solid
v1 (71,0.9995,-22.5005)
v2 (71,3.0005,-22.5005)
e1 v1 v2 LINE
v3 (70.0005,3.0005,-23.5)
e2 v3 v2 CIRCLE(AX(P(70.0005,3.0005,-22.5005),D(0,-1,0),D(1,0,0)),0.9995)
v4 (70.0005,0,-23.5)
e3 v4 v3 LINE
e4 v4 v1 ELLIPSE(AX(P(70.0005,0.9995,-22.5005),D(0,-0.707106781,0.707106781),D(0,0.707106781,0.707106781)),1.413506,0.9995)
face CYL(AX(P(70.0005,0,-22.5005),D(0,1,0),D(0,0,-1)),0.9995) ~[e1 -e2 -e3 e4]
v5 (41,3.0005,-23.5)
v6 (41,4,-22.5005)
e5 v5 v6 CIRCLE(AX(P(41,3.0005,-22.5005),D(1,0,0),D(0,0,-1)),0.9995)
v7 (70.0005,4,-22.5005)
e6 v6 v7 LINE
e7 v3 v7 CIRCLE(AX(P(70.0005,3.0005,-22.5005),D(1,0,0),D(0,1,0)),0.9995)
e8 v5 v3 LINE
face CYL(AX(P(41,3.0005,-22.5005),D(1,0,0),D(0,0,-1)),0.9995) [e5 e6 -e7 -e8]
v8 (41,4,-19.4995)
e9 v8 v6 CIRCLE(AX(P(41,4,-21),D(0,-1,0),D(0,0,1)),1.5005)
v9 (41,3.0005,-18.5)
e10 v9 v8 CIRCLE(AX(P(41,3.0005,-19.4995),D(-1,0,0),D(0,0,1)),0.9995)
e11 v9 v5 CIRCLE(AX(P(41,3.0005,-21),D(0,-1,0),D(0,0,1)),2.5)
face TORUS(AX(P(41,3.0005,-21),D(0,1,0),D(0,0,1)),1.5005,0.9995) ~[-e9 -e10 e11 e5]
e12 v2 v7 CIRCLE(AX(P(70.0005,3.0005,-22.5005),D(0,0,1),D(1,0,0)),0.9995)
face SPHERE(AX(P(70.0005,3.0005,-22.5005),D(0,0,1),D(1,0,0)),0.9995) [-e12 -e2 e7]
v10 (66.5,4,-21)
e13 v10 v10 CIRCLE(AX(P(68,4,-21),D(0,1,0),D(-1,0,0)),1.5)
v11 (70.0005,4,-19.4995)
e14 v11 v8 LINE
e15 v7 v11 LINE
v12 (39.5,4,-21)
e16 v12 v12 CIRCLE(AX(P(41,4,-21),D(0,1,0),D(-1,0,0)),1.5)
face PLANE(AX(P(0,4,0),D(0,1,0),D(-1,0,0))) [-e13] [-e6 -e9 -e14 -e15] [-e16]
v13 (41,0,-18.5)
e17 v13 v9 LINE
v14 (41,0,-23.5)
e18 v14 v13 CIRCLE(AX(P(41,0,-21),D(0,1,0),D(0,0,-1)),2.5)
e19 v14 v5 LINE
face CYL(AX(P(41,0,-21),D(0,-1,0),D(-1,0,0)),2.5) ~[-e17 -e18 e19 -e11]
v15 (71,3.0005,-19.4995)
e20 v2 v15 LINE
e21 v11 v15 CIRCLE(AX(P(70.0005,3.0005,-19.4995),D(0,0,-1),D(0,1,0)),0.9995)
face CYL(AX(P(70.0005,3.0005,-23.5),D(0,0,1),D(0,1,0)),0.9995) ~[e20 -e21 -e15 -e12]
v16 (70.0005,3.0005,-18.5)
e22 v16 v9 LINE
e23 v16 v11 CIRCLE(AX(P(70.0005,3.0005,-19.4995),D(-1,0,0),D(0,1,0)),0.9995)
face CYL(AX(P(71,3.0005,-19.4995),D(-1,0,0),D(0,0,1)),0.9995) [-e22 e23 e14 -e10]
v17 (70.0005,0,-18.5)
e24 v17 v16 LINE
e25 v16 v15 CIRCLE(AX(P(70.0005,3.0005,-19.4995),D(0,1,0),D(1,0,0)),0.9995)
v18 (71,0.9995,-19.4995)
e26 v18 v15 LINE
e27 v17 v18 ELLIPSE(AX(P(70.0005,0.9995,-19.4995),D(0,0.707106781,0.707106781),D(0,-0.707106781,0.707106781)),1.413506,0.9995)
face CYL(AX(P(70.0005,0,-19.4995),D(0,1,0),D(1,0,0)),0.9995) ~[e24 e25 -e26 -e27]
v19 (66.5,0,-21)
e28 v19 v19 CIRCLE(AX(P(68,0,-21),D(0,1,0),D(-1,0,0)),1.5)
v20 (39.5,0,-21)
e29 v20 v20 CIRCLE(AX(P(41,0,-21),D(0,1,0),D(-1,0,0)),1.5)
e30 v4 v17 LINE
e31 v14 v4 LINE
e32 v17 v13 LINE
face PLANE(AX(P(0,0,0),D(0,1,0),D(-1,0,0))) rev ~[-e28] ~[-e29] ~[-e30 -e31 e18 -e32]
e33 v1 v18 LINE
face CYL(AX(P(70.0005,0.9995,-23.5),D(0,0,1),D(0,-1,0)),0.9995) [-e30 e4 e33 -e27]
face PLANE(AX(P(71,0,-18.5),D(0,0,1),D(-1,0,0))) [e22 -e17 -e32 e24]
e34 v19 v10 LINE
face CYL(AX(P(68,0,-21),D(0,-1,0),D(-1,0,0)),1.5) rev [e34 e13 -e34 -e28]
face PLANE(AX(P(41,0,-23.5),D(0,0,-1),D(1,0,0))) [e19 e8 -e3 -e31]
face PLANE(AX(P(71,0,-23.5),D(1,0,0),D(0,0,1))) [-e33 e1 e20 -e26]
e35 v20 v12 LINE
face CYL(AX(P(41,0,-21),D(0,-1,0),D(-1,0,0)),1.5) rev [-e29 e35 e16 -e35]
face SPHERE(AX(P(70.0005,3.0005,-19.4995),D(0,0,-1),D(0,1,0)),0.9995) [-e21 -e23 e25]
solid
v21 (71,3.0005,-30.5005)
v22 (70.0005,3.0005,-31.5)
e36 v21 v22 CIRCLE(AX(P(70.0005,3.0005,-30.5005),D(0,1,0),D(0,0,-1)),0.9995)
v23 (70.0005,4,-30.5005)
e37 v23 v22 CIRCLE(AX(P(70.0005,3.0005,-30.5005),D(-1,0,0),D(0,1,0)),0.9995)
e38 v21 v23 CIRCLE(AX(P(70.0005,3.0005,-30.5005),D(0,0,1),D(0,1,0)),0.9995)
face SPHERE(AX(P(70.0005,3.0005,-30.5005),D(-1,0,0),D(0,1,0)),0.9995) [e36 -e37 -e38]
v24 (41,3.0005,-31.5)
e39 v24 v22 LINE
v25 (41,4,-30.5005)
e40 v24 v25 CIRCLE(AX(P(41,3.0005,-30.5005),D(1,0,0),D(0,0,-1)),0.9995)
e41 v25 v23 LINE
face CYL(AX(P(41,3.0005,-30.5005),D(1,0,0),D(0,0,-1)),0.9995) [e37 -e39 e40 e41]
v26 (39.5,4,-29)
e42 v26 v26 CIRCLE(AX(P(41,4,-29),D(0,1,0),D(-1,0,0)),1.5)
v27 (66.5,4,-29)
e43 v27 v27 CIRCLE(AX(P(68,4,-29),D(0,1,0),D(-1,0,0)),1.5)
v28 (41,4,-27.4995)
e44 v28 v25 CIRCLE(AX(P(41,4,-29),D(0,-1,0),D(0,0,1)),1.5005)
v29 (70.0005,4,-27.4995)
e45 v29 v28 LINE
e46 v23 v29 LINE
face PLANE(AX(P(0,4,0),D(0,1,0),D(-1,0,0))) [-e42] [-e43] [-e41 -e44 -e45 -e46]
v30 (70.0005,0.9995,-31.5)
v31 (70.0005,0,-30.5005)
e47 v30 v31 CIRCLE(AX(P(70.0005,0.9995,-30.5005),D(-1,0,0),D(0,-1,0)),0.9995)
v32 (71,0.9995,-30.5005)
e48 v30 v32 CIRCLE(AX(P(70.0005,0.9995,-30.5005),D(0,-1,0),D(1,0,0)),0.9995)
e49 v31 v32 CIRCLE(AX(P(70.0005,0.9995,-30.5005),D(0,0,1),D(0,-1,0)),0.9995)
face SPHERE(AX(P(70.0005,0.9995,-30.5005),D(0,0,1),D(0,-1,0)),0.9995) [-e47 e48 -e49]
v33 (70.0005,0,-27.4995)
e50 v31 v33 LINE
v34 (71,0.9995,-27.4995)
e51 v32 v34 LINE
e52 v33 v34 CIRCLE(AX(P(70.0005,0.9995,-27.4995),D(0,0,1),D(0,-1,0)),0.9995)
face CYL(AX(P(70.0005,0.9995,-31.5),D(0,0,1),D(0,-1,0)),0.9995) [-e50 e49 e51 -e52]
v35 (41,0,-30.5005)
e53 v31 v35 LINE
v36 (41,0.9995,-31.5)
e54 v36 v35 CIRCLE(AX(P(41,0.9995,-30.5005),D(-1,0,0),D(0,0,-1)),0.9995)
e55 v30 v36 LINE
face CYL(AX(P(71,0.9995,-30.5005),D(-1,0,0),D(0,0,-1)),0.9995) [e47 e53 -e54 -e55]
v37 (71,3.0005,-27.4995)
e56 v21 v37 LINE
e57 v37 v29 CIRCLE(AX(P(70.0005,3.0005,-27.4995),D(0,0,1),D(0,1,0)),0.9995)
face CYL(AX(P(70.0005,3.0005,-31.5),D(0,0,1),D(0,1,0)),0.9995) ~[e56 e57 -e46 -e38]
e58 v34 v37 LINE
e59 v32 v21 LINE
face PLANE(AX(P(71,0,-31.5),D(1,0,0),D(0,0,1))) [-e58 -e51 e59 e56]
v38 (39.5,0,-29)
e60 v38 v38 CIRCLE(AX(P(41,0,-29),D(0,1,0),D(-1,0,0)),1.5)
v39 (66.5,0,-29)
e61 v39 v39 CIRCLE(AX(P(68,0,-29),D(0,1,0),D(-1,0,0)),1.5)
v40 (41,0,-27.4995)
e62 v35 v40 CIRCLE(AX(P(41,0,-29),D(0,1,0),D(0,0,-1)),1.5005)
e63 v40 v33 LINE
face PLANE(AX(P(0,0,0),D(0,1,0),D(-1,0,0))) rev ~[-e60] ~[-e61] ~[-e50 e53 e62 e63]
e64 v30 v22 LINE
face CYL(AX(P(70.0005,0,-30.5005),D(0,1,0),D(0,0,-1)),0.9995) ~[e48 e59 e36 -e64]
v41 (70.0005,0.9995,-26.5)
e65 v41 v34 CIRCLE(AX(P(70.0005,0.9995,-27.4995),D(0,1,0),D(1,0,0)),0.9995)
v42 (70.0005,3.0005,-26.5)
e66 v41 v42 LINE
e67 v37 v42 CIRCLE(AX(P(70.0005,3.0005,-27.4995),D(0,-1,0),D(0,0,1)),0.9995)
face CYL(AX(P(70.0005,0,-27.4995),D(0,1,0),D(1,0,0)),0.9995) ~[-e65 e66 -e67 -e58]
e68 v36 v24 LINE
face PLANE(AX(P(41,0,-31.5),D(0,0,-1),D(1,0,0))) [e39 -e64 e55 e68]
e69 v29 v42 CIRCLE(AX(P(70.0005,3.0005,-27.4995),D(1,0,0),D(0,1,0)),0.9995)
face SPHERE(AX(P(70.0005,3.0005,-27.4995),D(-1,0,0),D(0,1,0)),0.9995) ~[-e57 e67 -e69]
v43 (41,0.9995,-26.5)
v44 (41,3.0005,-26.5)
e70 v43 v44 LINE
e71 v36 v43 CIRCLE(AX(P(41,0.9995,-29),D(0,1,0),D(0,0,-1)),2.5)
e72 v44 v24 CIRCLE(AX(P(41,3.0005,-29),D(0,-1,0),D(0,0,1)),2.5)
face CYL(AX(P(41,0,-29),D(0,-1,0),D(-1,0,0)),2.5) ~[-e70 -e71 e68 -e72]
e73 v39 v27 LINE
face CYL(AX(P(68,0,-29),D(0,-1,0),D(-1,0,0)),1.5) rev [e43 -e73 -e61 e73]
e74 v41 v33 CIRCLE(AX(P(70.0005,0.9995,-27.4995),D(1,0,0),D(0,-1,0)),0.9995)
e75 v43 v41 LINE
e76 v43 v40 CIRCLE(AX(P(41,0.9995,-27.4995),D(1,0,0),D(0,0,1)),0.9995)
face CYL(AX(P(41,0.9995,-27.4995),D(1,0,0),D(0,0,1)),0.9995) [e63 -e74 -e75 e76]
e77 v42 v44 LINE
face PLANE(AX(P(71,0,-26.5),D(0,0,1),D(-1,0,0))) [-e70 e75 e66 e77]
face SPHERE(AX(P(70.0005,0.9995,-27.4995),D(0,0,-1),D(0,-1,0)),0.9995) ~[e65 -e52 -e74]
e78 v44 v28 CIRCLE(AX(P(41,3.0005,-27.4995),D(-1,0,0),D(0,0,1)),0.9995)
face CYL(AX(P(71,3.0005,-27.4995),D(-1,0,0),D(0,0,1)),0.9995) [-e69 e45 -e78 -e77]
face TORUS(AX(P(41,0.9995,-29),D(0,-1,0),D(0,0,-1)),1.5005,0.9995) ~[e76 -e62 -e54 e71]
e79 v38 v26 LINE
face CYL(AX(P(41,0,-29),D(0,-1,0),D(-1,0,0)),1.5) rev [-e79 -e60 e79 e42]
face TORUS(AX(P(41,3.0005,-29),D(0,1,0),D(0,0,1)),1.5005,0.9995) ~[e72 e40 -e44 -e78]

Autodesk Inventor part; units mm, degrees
ref_plane "YZ Plane" through (0, 0, 0) normal (1, 0, 0) x (0, 1, 0)
ref_plane "XZ Plane" through (0, 0, 0) normal (0, 1, 0) x (-1, 0, 0)
ref_plane "XY Plane" through (0, 0, 0) normal (0, 0, 1) x (1, 0, 0)
sketch "Sketch2" plane through (0, 0, 0) normal (0, 1, 0) x (-1, 0, 0)
  circle A0 centre (-41, -29) radius 1.5
  circle A1 centre (-41, -21) radius 1.5
  circle A2 centre (-41, -29) radius 2.5
  circle A3 centre (-41, -21) radius 2.5
  line L0 (-41, -31.5) -> (-71, -31.5)
  line L1 (-71, -31.5) -> (-71, -26.5)
  line L2 (-71, -26.5) -> (-41, -26.5)
  line L3 (-41, -23.5) -> (-71, -23.5)
  line L4 (-71, -23.5) -> (-71, -18.5)
  line L5 (-71, -18.5) -> (-41, -18.5)
  circle A4 centre (-68, -21) radius 1.5
  line L6 (-99.5974, -23.735) -> (-99.5974, -19.9897)
  line L7 (-99.3039, -26.0546) -> (-99.3039, -29.7999)
  circle A5 centre (-68, -29) radius 1.5
  dimension "d40" = 3
  dimension "d41" = 3
  dimension "d47" = 5
  dimension "d48" = 5
  dimension "d49" = 30
  dimension "d58" = 3
extrude "Extrusion1" add sketch "Sketch2" along normal blind 4
fillet "Fillet1" radius 1 17 edges at (71, 4, -21) (71, 2, -23.5) (38.5, 4, -21) (56, 4, -18.5) (56, 4, -23.5) (71, 0, -21) (71, 2, -18.5) (38.5, 4, -29) (56, 4, -26.5) (56, 4, -31.5) (71, 4, -29) (71, 0, -29) (38.5, 0, -29) (56, 0, -26.5) (56, 0, -31.5) (71, 2, -26.5) (71, 2, -31.5)
properties part number "lacznik"
